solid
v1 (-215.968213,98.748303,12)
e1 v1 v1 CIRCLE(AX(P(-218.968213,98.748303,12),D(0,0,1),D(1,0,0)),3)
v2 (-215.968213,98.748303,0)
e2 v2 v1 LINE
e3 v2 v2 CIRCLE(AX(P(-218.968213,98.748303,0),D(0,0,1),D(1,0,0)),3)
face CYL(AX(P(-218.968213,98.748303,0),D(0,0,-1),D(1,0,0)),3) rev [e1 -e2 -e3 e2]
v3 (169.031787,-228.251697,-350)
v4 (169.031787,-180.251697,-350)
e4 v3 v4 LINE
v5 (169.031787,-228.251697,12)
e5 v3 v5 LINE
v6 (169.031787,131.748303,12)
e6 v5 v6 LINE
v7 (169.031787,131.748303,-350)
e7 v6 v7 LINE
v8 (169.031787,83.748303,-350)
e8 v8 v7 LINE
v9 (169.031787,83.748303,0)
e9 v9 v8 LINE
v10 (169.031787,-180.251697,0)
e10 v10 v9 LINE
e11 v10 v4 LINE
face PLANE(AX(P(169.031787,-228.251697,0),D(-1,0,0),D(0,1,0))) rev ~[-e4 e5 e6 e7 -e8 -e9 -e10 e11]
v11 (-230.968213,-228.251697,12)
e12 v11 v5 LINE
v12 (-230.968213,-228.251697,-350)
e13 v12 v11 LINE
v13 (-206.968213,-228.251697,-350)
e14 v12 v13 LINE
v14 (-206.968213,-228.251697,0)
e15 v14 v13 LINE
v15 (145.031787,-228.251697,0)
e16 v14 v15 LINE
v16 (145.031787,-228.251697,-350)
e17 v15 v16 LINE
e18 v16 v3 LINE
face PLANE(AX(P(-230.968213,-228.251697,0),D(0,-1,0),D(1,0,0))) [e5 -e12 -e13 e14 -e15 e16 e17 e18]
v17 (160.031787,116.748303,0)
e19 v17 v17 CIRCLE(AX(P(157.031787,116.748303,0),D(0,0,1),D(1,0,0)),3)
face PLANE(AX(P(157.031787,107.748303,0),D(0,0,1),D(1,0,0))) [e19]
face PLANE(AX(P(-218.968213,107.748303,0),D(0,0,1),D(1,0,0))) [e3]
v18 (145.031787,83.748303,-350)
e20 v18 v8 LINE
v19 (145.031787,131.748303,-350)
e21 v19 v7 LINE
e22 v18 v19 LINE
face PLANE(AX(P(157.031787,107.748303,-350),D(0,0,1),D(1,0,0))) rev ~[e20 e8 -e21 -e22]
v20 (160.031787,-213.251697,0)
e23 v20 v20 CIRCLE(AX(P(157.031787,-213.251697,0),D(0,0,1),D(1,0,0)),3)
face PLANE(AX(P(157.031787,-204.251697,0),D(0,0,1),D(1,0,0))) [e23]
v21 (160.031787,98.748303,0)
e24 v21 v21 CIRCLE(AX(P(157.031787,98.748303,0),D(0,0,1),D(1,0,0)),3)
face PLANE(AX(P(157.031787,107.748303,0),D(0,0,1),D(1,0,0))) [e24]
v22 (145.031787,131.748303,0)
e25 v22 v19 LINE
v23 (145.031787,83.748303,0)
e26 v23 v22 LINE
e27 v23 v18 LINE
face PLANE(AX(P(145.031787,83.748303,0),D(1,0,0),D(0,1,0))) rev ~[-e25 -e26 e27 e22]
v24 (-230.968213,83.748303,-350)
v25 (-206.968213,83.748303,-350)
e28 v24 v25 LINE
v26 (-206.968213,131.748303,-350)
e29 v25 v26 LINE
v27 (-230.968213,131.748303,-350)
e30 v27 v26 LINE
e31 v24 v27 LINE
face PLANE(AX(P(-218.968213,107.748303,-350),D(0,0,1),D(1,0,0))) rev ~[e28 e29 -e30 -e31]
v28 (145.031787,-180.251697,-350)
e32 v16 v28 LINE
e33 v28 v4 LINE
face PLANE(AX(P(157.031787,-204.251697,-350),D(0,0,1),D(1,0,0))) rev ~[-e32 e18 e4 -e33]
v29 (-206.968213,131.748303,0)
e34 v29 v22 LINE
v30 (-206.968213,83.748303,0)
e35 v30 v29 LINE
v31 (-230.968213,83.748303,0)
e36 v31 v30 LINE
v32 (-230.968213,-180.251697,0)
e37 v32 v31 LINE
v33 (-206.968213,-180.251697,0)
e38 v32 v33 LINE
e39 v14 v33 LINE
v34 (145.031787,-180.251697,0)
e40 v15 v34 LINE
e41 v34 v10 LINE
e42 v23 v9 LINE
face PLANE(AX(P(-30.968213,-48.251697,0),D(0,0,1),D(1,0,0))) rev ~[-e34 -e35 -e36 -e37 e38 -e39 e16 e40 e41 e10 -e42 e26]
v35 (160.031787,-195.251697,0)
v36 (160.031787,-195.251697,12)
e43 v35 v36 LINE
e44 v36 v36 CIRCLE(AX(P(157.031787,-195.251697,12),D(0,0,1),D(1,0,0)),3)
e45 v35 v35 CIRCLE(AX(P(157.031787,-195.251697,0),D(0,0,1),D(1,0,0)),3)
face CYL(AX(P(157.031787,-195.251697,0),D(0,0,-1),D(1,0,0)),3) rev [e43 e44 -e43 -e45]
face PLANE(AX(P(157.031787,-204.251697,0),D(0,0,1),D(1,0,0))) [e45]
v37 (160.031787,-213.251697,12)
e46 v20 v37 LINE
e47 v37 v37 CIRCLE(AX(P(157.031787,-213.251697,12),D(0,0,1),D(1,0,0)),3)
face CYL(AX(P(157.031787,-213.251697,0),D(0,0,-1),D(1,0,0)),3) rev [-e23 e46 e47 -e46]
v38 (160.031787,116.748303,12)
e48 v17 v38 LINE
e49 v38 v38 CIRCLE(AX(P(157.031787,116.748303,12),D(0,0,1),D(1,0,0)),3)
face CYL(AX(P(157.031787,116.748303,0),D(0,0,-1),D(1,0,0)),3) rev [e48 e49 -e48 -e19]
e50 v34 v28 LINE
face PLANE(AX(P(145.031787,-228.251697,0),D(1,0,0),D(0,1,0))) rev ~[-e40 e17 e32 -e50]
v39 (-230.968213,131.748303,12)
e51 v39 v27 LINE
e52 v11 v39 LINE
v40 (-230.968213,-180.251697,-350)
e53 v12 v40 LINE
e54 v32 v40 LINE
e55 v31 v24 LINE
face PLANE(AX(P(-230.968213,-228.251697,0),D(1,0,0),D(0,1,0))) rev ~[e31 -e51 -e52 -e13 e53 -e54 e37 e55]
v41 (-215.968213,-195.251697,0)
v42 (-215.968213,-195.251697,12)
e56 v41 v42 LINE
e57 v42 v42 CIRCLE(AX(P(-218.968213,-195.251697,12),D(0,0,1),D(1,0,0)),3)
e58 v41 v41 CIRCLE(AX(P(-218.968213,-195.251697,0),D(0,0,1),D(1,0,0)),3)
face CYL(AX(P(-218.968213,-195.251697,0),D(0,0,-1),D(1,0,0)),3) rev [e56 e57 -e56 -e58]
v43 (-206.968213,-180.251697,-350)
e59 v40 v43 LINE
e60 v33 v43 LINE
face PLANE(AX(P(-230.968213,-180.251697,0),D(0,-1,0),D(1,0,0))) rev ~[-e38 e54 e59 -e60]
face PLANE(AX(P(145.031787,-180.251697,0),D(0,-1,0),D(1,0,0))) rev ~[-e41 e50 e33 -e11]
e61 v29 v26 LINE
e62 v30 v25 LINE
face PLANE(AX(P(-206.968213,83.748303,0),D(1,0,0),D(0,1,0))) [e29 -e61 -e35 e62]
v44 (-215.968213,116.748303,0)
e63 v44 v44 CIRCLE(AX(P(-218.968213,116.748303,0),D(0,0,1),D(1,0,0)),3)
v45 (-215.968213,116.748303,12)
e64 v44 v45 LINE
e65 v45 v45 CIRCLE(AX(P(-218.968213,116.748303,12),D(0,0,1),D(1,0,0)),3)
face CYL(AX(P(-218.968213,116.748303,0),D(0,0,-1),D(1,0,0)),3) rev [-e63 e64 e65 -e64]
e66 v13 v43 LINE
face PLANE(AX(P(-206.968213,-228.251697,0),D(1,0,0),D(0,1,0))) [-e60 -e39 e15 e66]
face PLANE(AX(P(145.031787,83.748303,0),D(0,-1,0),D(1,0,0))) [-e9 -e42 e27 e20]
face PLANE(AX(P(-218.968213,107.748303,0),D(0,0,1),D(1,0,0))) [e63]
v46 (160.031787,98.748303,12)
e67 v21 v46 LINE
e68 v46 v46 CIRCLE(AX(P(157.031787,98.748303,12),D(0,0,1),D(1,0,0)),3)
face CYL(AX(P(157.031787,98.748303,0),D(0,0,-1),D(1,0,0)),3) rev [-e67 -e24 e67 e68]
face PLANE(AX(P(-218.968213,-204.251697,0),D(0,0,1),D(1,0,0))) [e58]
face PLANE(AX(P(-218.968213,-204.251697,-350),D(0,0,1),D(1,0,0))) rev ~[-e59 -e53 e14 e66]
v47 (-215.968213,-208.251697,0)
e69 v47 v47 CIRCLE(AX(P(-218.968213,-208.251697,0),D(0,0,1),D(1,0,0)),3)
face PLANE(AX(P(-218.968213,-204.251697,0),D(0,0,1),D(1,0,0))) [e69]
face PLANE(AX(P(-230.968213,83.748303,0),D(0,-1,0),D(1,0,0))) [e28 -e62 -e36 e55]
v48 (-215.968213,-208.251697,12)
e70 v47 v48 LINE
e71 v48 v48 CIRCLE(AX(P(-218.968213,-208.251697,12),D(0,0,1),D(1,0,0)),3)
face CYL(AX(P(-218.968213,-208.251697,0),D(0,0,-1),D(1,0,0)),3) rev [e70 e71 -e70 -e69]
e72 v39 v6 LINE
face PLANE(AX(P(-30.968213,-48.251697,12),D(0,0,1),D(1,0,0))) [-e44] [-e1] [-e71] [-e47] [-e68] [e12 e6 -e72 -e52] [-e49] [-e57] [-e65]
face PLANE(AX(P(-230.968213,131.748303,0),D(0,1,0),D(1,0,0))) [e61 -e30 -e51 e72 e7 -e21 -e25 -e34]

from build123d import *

# Parameters (mm, degrees)
F0_W     = 400
F0_H     = 360
F0_R     = 3
F2_DEPTH = 12
F1_W     = 24
F1_H     = 48
F3_DEPTH = 350


with BuildPart() as f2:
    # F0 (on Top) → F2 (new body)
    with BuildSketch(Plane.XY):
        with Locations((-30.968213, -48.251697)):
            Rectangle(F0_W, F0_H)
        with Locations((-218.968213, -208.251697)):
            Circle(F0_R, mode=Mode.SUBTRACT)
        with Locations((-218.968213, -195.251697)):
            Circle(F0_R, mode=Mode.SUBTRACT)
        with Locations((157.031787, -213.251697)):
            Circle(F0_R, mode=Mode.SUBTRACT)
        with Locations((157.031787, -195.251697)):
            Circle(F0_R, mode=Mode.SUBTRACT)
        with Locations((-218.968213, 98.748303)):
            Circle(F0_R, mode=Mode.SUBTRACT)
        with Locations((-218.968213, 116.748303)):
            Circle(F0_R, mode=Mode.SUBTRACT)
        with Locations((157.031787, 98.748303)):
            Circle(F0_R, mode=Mode.SUBTRACT)
        with Locations((157.031787, 116.748303)):
            Circle(F0_R, mode=Mode.SUBTRACT)
    extrude(amount=F2_DEPTH)

    # F1 (on Top) → F3 (join)
    with BuildSketch(Plane.XY):
        with Locations((-218.968213, -204.251697)):
            Rectangle(F1_W, F1_H)
        with Locations((-218.968213, 107.748303)):
            Rectangle(F1_W, F1_H)
        with Locations((157.031787, 107.748303)):
            Rectangle(F1_W, F1_H)
        with Locations((157.031787, -204.251697)):
            Rectangle(F1_W, F1_H)
    extrude(amount=-F3_DEPTH)


solid = f2.part
